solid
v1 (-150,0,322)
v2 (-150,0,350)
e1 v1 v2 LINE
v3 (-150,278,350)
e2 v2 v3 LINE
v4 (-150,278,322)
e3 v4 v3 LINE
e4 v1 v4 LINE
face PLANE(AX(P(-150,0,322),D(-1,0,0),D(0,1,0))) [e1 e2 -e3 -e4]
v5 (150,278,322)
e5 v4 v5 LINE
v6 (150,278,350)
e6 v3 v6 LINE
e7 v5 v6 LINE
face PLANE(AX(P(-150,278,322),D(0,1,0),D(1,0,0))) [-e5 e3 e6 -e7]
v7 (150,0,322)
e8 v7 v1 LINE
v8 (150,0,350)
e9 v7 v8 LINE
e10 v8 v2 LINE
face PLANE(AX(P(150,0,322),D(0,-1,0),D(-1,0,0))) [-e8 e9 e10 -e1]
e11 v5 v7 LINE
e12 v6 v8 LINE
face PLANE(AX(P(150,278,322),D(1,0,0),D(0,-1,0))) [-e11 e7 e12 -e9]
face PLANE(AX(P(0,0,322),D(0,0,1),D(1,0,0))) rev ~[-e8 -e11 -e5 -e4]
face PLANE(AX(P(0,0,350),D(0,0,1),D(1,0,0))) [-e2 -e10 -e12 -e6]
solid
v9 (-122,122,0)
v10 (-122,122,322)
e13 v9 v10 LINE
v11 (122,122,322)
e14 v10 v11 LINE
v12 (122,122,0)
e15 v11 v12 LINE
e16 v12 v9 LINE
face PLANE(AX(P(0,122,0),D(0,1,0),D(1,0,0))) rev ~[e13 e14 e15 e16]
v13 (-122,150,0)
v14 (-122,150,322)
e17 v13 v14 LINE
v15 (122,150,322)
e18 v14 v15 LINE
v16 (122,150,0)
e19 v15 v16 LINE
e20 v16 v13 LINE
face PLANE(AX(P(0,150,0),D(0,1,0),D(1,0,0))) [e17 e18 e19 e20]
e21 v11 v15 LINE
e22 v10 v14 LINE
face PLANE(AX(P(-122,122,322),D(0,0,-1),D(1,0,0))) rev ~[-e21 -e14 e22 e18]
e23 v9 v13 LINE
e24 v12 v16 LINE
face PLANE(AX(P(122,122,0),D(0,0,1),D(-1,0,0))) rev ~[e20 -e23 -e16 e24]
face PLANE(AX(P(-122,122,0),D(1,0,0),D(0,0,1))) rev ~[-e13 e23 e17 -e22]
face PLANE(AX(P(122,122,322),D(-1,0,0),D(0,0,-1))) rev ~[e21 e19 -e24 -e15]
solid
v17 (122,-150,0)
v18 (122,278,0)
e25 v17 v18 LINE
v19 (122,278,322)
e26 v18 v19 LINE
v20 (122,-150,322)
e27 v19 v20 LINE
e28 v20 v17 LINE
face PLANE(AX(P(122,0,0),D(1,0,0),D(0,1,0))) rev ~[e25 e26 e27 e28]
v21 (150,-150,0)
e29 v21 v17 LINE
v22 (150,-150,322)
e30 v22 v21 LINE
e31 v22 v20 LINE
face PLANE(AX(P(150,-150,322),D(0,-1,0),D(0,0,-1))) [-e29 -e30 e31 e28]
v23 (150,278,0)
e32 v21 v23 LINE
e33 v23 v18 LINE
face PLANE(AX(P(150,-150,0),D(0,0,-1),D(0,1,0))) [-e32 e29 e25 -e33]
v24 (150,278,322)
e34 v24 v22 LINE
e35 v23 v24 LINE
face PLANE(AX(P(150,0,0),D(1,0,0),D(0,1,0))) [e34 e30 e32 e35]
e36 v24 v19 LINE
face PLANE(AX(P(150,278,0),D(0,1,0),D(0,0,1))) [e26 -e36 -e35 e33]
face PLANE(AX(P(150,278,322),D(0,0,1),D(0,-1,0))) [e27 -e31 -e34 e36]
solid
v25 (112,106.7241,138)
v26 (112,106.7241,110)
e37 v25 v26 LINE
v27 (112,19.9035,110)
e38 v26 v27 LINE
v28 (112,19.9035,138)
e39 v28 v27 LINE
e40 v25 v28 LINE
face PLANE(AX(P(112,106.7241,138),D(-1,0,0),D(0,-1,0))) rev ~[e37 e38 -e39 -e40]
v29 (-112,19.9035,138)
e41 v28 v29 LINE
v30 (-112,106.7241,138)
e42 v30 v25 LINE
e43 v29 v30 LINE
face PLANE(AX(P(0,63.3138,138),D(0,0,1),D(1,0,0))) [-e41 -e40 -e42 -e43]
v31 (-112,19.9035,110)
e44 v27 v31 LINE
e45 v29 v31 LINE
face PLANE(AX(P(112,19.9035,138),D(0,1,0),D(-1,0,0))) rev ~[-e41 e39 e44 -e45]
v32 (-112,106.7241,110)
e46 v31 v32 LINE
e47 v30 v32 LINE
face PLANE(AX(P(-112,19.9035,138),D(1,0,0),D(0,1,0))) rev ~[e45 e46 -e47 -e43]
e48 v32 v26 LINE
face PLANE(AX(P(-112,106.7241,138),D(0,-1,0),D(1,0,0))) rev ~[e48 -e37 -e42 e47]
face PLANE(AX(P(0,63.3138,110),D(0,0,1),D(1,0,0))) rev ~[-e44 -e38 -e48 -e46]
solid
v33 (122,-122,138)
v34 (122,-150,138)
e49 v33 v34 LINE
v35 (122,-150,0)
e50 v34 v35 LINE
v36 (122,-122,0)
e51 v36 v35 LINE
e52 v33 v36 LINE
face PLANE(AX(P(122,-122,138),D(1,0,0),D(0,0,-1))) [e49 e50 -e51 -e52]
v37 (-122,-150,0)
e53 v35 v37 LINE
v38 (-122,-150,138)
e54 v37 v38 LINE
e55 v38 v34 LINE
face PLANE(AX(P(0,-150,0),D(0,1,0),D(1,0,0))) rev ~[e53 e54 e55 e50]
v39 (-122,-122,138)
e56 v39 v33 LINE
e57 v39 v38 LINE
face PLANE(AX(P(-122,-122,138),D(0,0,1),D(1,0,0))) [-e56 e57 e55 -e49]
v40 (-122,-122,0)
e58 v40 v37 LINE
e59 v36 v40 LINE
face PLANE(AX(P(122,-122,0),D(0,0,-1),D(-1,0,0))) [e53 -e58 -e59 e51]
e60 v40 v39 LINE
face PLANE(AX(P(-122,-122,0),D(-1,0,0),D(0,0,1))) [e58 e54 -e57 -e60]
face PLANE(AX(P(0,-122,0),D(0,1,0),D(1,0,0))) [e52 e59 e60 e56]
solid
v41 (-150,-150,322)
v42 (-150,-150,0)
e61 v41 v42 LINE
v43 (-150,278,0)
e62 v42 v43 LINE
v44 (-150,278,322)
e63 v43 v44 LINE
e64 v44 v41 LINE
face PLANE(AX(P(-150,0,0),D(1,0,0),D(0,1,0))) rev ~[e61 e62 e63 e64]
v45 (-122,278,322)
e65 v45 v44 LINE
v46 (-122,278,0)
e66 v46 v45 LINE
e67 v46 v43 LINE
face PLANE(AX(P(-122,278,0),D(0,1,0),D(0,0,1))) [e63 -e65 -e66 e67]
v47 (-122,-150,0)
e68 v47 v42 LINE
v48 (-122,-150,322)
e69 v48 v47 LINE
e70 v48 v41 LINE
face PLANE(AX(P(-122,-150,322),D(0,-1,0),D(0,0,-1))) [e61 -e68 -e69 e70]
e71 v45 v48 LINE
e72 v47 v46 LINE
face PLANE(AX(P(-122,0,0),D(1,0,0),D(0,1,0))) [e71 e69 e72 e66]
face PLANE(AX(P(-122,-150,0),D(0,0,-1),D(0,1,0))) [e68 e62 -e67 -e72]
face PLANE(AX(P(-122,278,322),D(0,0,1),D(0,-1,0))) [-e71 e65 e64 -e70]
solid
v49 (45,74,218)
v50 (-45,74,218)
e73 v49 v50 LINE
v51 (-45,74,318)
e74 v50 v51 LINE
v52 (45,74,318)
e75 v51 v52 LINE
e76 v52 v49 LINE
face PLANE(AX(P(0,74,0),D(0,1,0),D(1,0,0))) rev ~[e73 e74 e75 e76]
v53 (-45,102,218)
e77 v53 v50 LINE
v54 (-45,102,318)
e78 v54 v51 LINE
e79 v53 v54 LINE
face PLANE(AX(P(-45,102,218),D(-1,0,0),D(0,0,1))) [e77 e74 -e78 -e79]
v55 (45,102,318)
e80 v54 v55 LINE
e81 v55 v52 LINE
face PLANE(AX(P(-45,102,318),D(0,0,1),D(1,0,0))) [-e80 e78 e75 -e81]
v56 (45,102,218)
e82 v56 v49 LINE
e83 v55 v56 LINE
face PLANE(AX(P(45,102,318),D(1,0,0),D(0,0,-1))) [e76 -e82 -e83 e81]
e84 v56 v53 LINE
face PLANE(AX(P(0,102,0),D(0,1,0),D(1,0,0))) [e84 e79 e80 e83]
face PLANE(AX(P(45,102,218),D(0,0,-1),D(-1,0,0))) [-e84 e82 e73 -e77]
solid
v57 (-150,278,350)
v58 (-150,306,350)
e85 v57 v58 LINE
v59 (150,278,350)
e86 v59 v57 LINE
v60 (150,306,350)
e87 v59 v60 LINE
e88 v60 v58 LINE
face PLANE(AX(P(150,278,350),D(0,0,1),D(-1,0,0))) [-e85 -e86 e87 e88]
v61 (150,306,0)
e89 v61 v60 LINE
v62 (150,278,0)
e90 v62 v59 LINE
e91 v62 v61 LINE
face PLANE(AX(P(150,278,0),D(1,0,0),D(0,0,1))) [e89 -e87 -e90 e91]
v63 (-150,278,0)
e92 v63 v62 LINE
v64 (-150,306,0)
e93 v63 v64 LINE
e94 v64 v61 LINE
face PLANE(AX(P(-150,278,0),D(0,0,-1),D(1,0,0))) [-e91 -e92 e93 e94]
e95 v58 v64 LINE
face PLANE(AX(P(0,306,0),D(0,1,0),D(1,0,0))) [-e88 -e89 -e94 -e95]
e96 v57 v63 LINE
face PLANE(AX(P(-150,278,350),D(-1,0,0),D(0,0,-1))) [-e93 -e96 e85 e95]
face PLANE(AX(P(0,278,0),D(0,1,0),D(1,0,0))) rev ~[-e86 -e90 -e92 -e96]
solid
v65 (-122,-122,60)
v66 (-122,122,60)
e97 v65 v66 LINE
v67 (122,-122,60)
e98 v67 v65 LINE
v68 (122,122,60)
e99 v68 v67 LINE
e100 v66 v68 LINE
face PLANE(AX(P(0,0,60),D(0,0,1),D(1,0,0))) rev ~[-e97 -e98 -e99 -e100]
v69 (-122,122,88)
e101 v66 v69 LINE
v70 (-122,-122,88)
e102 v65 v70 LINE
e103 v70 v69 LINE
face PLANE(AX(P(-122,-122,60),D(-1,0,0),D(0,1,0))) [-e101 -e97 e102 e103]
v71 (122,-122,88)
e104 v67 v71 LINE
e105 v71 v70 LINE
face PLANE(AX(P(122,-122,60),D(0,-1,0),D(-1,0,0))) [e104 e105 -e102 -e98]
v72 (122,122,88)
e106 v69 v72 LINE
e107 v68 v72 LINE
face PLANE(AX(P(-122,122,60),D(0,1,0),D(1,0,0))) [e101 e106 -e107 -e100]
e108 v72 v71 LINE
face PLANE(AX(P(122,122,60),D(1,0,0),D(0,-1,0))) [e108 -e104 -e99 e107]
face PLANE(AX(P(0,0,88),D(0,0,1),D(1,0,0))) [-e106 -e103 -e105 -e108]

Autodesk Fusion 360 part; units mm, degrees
ref_plane "WorkPlane1" through (0, 0, 60) normal (0, 0, 1) x (1, 0, 0) in component "Base"
sketch "Sketch1" plane through (0, 0, 60) normal (0, 0, 1) x (1, 0, 0) in component "Base"
  line L0 (122, -122) -> (-122, -122)
  line L1 (-122, -122) -> (-122, 122)
  line L2 (-122, 122) -> (122, 122)
  line L3 (122, 122) -> (122, -122)
  line L4 (122, -122) -> (-122, 122) construction
  line L5 (-122, -122) -> (122, 122) construction
  dimension "d8" = 244
  dimension "d9" = 244
extrude "Extrude1" add sketch "Sketch1" along normal blind 28 makes body 1 in component "Base"
ref_plane "WorkPlane1" through (0, -122, 0) normal (0, 1, 0) x (0, 0, 1) in component "Front"
sketch "Sketch1 (2)" plane through (0, -122, 0) normal (0, 1, 0) x (1, 0, 0) in component "Front"
  line L0 (122, 0) -> (-122, 0)
  line L1 (-122, 0) -> (-122, -138)
  line L2 (-122, -138) -> (122, -138)
  line L3 (122, -138) -> (122, 0)
  line L4 (122, 0) -> (-122, -138) construction
  line L5 (-122, 0) -> (122, -138) construction
  point P0 (0, -69)
  dimension "d15" = 244
  dimension "d16" = 138
extrude "Extrude1'" add sketch "Sketch1 (2)" against normal blind 28 separate body makes body 2 in component "Front"
ref_plane "WorkPlane1" through (0, 122, 0) normal (0, 1, 0) x (0, 0, 1) in component "Rear"
sketch "Sketch1 (3)" plane through (0, 122, 0) normal (0, 1, 0) x (1, 0, 0) in component "Rear"
  line L0 (-122, -322) -> (122, -322)
  line L1 (122, -322) -> (122, 0)
  line L2 (122, 0) -> (-122, 0)
  line L3 (-122, 0) -> (-122, -322)
  line L4 (-122, -322) -> (122, 0) construction
  line L5 (122, -322) -> (-122, 0) construction
  point P0 (0, -161)
  dimension "d21" = 244
  dimension "d22" = 322
extrude "Extrude1''" add sketch "Sketch1 (3)" along normal blind 28 separate body makes body 3 in component "Rear"
ref_plane "WorkPlane1" through (-122, 0, 0) normal (1, 0, 0) x (0, 1, 0) in component "Side"
sketch "Sketch1 (4)" plane through (-122, 0, 0) normal (1, 0, 0) x (0, 1, 0) in component "Side"
  line L0 (-150, 0) -> (278, 0)
  line L1 (278, 0) -> (278, 322)
  line L2 (278, 322) -> (-150, 322)
  line L3 (-150, 322) -> (-150, 0)
  line L4 (-150, 0) -> (278, 322) construction
  line L5 (278, 0) -> (-150, 322) construction
  point P0 (64, 161)
  dimension "d26" = 428
  dimension "d27" = 322
  dimension "d32" = 150
extrude "Extrude1'''" add sketch "Sketch1 (4)" against normal blind 28 separate body makes body 4 in component "Side"
ref_plane "WorkPlane1" through (0, 0, 322) normal (0, 0, 1) x (1, 0, 0) in component "Top"
sketch "Sketch1 (5)" plane through (0, 0, 322) normal (0, 0, 1) x (1, 0, 0) in component "Top"
  line L0 (-150, 278) -> (150, 278)
  line L1 (150, 278) -> (150, 0)
  line L2 (150, 0) -> (-150, 0)
  line L3 (-150, 0) -> (-150, 278)
  dimension "d36" = 300
  dimension "d38" = 278
extrude "Extrude1''''" add sketch "Sketch1 (5)" along normal blind 28 separate body makes body 5 in component "Top"
ref_plane "WorkPlane1" through (0, 278, 0) normal (0, 1, 0) x (0, 0, 1) in component "RearCap"
sketch "Sketch1 (6)" plane through (0, 278, 0) normal (0, 1, 0) x (1, 0, 0) in component "RearCap"
  line L0 (150, -350) -> (-150, -350)
  line L1 (-150, -350) -> (-150, 0)
  line L2 (-150, 0) -> (150, 0)
  line L3 (150, 0) -> (150, -350)
  dimension "d42" = 300
  dimension "d43" = 350
extrude "Extrude1'''''" add sketch "Sketch1 (6)" along normal blind 28 separate body makes body 6 in component "RearCap"
ref_plane "WorkPlane1" through (0, 0, 138) normal (0, 0, 1) x (1, 0, 0) in component "SpoilBoard"
sketch "Sketch1 (7)" plane through (0, 0, 138) normal (0, 0, 1) x (1, 0, 0) in component "SpoilBoard"
  line L0 (112, -43.4103) -> (-112, -43.4103)
  line L1 (-112, -43.4103) -> (-112, 43.4103)
  line L2 (-112, 43.4103) -> (112, 43.4103)
  line L3 (112, 43.4103) -> (112, -43.4103)
  line L4 (112, -43.4103) -> (-112, 43.4103) construction
  line L5 (-112, -43.4103) -> (112, 43.4103) construction
  dimension "d49" = 224
  dimension "d50" = 86.8207
extrude "Extrude1''''''" add sketch "Sketch1 (7)" against normal blind 28 separate body makes body 7 in component "SpoilBoard"
ref_plane "WorkPlane1" through (0, 122, 0) normal (0, 1, 0) x (0, 0, 1) in component "X-Carriage"
ref_plane "WorkPlane2" through (0, 102, 0) normal (0, 1, 0) x (0, 0, 1) in component "X-Carriage"
sketch "Sketch1 (8)" plane through (0, 102, 0) normal (0, 1, 0) x (1, 0, 0) in component "X-Carriage"
  line L0 (-45, -318) -> (45, -318)
  line L1 (45, -318) -> (45, -218)
  line L2 (45, -218) -> (-45, -218)
  line L3 (-45, -218) -> (-45, -318)
  point P0 (0, -218)
  dimension "d64" = 90
  dimension "d65" = 100
  dimension "d66" = 218
extrude "Extrude1'''''''" add sketch "Sketch1 (8)" against normal blind 28 separate body makes body 8 in component "X-Carriage"
component "Base" placed x (1, 0, 0) y (0, 1, 0) z (0, 0, 1) at (0, 0, 0)
component "Front" placed x (1, 0, 0) y (0, 1, 0) z (0, 0, 1) at (0, 0, 0)
component "Rear" placed x (1, 0, 0) y (0, 1, 0) z (0, 0, 1) at (0, 0, 0)
component "Side" placed x (1, 0, 0) y (0, 1, 0) z (0, 0, 1) at (0, 0, 0)
component "Top" placed x (1, 0, 0) y (0, 1, 0) z (0, 0, 1) at (0, 0, 0)
component "RearCap" placed x (1, 0, 0) y (0, 1, 0) z (0, 0, 1) at (0, 0, 0)
component "SpoilBoard" placed x (1, 0, 0) y (0, 1, 0) z (0, 0, 1) at (0, 63.3138, 0)
component "X-Carriage" placed x (1, 0, 0) y (0, 1, 0) z (0, 0, 1) at (0, 0, 0)
component "Side" placed x (1, 0, 0) y (0, 1, 0) z (0, 0, 1) at (272, 0, 0)
equation "frameThickness = 28 mm"
equation "outsideWidth = baseWidth + frameThickness * 2"
equation "outsideLength = baseLength + rearCavityLength + frameThickness * 3"
equation "bottomCavityHeight = 60 mm"
equation "baseWidth = 244 mm"
equation "baseLength = 244 mm"
equation "d7 = bottomCavityHeight"
equation "d8 = baseWidth"
equation "d9 = baseLength"
equation "d10 = frameThickness"
equation "frontLipHeight = bottomCavityHeight + frameThickness + baseBoxHeight"
equation "baseBoxHeight = 50 mm"
equation "d14 = -baseLength / 2"
equation "d15 = baseWidth"
equation "d16 = frontLipHeight"
equation "d17 = -frameThickness"
equation "d19 = baseLength / 2"
equation "outsideHeight = 350 mm"
equation "d21 = baseWidth"
equation "d22 = rearPanelHeight"
equation "d23 = frameThickness"
equation "d25 = -baseWidth / 2"
equation "d26 = outsideLength"
equation "d27 = sidePanelHeight"
equation "d28 = -frameThickness"
equation "rearCavityLength = 100 mm"
equation "sidePanelLength = outsideLength - frameThickness"
equation "d32 = baseLength / 2 + frameThickness"
equation "sidePanelHeight = outsideHeight - frameThickness"
equation "rearPanelHeight = sidePanelHeight"
equation "d35 = outsideHeight - frameThickness"
equation "d36 = outsideWidth"
equation "topPanelLength = outsideLength - baseLength / 2 - frameThickness"
equation "d38 = topPanelLength"
equation "d39 = frameThickness"
equation "d41 = outsideLength - baseLength / 2 - frameThickness"
equation "d42 = outsideWidth"
equation "d43 = outsideHeight"
equation "d44 = frameThickness"
equation "d46 = frontLipHeight"
equation "spoilBoardWidth = baseWidth - 20 mm"
equation "spoilBoardLength = baseLength / 2 - 20 mm"
equation "d49 = spoilBoardWidth"
equation "d51 = -frameThickness"
equation "d58 = baseLength - spoilBoardLength - 10 mm"
equation "d59 = baseLength / 2"
equation "xCarriageWidth = 90 mm"
equation "xCarriageHeight = 100 mm"
equation "xCarriageElevation = frontLipHeight + 80 mm"
equation "d64 = xCarriageWidth"
equation "d65 = xCarriageHeight"
equation "d66 = xCarriageElevation"
equation "d67 = -frameThickness"
